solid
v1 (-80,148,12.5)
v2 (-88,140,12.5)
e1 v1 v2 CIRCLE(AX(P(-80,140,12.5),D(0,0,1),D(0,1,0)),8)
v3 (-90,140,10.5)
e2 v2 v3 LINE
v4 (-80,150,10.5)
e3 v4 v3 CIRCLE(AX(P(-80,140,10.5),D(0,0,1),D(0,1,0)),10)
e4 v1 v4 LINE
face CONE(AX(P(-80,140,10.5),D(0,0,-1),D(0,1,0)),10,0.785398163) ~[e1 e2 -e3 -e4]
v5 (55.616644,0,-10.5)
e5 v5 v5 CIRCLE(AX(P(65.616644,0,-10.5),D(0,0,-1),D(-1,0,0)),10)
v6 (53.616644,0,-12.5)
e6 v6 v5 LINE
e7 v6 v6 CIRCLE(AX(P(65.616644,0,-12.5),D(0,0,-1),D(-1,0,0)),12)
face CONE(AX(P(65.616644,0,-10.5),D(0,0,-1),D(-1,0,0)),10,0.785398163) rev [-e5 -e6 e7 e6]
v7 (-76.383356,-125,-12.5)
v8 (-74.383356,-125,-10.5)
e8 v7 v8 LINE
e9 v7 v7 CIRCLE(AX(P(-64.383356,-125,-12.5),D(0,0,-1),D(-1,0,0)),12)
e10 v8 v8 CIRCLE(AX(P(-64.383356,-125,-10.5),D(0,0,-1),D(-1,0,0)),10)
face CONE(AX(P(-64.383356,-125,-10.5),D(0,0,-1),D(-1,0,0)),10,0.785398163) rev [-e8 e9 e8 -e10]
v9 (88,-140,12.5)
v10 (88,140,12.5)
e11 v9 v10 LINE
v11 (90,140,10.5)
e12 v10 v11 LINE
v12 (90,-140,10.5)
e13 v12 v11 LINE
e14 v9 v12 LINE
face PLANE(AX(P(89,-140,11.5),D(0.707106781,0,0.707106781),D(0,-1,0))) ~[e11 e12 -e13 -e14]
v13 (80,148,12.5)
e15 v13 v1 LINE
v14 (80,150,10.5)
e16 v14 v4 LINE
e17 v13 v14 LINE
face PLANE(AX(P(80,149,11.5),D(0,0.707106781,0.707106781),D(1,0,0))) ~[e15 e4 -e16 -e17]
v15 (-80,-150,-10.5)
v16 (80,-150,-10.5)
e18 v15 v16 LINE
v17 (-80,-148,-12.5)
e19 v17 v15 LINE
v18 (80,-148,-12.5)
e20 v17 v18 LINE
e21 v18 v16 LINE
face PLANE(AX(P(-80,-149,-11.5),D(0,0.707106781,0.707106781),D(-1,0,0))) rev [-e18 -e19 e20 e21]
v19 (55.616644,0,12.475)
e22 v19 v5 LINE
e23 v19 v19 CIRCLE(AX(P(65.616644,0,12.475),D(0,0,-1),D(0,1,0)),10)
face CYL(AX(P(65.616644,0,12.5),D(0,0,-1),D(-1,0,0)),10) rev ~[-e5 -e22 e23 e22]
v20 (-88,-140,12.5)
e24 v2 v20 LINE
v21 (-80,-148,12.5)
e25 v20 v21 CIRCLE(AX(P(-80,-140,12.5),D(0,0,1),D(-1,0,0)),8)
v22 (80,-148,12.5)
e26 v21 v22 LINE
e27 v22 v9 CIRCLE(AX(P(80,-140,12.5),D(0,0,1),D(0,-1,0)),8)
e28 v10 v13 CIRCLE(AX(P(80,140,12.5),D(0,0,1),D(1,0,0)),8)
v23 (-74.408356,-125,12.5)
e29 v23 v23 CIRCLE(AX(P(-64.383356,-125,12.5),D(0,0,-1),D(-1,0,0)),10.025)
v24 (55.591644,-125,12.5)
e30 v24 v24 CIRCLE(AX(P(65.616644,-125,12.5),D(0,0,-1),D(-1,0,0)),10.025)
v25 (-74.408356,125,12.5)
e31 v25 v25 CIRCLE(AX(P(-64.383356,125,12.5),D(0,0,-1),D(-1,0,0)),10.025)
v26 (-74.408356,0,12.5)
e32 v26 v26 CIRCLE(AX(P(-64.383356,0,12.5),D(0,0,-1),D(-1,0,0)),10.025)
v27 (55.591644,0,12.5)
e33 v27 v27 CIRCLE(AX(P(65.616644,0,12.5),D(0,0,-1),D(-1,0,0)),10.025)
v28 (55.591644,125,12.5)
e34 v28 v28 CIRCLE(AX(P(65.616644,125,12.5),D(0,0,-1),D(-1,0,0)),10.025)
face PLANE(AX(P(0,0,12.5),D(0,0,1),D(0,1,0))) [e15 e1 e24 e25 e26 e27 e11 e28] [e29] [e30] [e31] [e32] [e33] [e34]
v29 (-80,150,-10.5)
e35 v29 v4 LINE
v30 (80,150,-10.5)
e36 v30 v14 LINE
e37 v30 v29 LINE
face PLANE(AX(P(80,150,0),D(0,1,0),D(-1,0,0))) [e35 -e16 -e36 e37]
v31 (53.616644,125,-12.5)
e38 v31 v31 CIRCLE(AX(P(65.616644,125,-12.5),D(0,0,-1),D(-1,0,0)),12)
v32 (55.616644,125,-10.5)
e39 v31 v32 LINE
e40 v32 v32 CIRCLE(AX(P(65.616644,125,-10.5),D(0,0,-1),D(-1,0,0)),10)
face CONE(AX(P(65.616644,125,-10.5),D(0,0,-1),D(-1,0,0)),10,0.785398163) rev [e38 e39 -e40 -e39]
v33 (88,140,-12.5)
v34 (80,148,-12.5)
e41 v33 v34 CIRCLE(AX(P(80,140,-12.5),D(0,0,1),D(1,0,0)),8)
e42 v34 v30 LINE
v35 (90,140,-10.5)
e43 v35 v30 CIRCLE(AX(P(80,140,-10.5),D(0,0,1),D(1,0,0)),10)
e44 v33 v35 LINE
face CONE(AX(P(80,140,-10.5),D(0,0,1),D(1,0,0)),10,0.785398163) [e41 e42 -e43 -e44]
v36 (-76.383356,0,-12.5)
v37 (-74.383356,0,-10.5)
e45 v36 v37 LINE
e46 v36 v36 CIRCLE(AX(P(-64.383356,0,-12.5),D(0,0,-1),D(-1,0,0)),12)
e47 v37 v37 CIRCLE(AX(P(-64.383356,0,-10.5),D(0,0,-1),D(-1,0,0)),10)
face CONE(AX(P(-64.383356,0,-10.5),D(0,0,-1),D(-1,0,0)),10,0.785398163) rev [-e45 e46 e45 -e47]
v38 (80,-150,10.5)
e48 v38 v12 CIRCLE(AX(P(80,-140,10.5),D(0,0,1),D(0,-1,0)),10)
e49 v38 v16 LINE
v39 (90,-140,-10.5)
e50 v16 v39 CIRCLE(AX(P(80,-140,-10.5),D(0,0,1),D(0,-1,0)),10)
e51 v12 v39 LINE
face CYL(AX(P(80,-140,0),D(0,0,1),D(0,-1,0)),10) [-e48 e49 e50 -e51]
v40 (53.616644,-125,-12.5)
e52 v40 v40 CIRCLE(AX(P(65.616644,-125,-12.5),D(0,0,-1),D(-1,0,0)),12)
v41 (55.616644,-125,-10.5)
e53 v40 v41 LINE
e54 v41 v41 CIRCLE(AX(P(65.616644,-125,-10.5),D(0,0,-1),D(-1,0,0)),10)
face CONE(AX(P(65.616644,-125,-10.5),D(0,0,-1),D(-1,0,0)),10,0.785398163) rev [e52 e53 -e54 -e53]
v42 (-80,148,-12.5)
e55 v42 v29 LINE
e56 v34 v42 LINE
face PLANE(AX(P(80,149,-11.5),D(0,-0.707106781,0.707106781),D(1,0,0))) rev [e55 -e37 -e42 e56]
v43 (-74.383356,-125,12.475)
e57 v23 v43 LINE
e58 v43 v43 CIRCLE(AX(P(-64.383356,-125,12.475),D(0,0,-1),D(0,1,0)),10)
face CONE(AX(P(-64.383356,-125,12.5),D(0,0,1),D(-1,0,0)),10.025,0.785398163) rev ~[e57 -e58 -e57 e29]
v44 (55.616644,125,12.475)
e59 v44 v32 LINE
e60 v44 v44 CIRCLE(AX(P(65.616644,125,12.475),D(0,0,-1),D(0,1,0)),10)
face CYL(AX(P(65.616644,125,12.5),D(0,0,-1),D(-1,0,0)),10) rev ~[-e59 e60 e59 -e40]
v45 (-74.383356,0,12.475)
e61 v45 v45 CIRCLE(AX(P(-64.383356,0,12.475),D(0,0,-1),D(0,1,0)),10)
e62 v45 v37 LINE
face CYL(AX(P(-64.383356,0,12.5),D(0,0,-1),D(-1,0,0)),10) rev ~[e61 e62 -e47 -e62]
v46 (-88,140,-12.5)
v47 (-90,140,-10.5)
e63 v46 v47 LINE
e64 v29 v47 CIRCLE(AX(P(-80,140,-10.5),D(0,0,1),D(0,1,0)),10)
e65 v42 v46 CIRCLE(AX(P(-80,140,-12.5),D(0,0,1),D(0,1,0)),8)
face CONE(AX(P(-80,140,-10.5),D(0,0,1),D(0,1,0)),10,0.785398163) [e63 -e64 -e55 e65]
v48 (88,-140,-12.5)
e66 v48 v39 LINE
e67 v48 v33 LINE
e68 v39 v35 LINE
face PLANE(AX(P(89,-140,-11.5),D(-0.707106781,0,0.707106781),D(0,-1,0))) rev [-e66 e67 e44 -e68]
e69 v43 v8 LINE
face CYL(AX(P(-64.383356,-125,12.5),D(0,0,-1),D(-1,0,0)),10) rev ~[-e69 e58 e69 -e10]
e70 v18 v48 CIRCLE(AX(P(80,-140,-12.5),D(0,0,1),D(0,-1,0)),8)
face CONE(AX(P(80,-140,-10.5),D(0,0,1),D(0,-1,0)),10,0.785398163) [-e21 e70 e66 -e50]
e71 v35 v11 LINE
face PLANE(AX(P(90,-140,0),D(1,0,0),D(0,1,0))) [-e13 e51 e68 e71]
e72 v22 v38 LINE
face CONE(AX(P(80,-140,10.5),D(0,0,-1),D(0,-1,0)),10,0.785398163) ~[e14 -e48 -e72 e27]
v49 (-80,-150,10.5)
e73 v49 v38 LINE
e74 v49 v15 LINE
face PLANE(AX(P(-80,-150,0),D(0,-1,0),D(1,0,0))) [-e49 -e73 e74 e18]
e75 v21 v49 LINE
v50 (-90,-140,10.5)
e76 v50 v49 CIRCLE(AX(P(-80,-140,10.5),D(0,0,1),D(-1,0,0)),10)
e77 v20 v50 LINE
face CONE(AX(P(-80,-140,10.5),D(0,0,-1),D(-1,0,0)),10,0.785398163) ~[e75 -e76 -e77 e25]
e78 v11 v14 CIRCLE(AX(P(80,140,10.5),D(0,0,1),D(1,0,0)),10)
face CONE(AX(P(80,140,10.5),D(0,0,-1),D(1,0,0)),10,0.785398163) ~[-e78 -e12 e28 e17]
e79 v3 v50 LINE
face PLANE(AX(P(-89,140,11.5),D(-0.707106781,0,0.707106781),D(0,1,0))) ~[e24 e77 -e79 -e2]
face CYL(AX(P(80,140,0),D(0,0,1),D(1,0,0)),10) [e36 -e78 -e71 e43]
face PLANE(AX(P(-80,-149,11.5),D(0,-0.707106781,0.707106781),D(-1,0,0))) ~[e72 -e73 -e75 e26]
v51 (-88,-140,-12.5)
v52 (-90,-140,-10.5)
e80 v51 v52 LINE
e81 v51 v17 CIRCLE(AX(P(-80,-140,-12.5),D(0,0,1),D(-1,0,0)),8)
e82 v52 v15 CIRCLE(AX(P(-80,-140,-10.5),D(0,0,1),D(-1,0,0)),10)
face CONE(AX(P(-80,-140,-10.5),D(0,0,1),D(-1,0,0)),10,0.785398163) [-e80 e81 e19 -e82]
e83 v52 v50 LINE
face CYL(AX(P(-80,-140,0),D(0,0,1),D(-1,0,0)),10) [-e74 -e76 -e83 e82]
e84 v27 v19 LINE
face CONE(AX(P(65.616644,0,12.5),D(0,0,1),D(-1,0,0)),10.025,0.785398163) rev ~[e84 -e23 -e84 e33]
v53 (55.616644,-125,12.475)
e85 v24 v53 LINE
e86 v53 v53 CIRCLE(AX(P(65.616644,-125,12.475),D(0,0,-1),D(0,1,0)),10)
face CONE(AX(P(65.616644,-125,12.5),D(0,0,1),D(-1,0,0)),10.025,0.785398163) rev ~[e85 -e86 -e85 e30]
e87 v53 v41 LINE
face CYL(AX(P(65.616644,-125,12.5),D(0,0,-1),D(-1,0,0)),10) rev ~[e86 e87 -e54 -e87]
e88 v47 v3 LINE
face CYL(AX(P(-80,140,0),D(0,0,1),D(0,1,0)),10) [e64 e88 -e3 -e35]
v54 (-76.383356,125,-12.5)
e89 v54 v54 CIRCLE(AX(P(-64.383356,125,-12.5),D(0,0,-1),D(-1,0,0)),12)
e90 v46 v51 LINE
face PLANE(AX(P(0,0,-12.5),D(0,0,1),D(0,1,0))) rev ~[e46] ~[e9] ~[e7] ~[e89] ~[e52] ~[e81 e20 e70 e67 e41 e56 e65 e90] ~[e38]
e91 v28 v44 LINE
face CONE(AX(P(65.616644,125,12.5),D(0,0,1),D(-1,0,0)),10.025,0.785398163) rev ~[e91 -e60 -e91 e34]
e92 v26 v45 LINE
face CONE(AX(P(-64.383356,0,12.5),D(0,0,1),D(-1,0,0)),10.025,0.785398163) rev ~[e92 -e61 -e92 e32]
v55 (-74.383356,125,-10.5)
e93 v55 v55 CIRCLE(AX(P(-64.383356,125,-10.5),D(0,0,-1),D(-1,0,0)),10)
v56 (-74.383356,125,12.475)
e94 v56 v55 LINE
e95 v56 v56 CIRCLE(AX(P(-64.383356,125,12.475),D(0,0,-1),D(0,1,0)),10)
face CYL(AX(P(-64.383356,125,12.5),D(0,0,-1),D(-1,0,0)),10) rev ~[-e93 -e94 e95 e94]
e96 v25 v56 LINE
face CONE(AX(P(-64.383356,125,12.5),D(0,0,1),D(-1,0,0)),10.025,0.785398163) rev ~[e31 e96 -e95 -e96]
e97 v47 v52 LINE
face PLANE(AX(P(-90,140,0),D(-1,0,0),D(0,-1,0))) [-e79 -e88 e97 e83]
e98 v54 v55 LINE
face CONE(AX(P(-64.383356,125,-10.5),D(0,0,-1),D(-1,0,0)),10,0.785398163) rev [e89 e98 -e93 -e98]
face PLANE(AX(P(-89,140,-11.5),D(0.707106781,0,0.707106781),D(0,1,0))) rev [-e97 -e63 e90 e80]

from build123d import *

# Parameters (mm, degrees)
BOSS_EXTRUDE1_DEPTH                  = 12.5
F_20_0_20_DIAMETER_HOLE1_D           = 20
F_20_0_20_DIAMETER_HOLE1_CSINK_D     = 20.05
F_20_0_20_DIAMETER_HOLE1_CSINK_ANGLE = 90
CHAMFER2_SIZE                        = 2
CHAMFER3_SIZE                        = 2


with BuildPart() as part:
    # Sketch2 → Boss-Extrude1 (new, symmetric)
    with BuildSketch(Plane(origin=(0, 0, 0), x_dir=(0, 1, 0), z_dir=(0, 0, 1))):
        with BuildLine():
            Line((-140, -90), (140, -90))
            ThreePointArc((140, -90), (147.071067812, -87.071067812), (150, -80))
            Line((150, -80), (150, 80))
            ThreePointArc((150, 80), (147.071067812, 87.071067812), (140, 90))
            Line((140, 90), (-140, 90))
            ThreePointArc((-140, 90), (-147.071067812, 87.071067812), (-150, 80))
            Line((-150, 80), (-150, -80))
            ThreePointArc((-150, -80), (-147.071067812, -87.071067812), (-140, -90))
        make_face()
    extrude(amount=BOSS_EXTRUDE1_DEPTH, both=True)

    # Ø20.0 (20) Diameter Hole1 (through all)
    with Locations(Plane(origin=(-64.383356152, -125, 12.5), x_dir=(1, 0, 0), z_dir=(0, 0, 1))):
        with Locations((0, 0), (0, 125), (0, 250), (130, 250), (130, 125), (130, 0)):
            CounterSinkHole(F_20_0_20_DIAMETER_HOLE1_D / 2, F_20_0_20_DIAMETER_HOLE1_CSINK_D / 2, counter_sink_angle=F_20_0_20_DIAMETER_HOLE1_CSINK_ANGLE)

    # Chamfer2
    chamfer2_edges = [part.edges().sort_by_distance(p)[0] for p in [
        (87.071067812, 147.071067812, 12.5),
        (0, 150, 12.5),
        (-87.071067812, 147.071067812, 12.5),
        (-90, 0, 12.5),
        (-87.071067812, -147.071067812, 12.5),
        (0, -150, 12.5),
        (87.071067812, -147.071067812, 12.5),
        (90, 0, 12.5),
    ]]
    chamfer(chamfer2_edges, length=CHAMFER2_SIZE)

    # Chamfer3
    chamfer3_edges = [part.edges().sort_by_distance(p)[0] for p in [
        (0, 150, -12.5),
        (87.071067812, 147.071067812, -12.5),
        (90, 0, -12.5),
        (87.071067812, -147.071067812, -12.5),
        (75.616643848, -125, -12.5),
        (75.616643848, 0, -12.5),
        (75.616643848, 125, -12.5),
        (-54.383356152, 125, -12.5),
        (-54.383356152, 0, -12.5),
        (-54.383356152, -125, -12.5),
        (0, -150, -12.5),
        (-87.071067812, -147.071067812, -12.5),
        (-90, 0, -12.5),
        (-87.071067812, 147.071067812, -12.5),
    ]]
    chamfer(chamfer3_edges, length=CHAMFER3_SIZE)


solid = part.part
